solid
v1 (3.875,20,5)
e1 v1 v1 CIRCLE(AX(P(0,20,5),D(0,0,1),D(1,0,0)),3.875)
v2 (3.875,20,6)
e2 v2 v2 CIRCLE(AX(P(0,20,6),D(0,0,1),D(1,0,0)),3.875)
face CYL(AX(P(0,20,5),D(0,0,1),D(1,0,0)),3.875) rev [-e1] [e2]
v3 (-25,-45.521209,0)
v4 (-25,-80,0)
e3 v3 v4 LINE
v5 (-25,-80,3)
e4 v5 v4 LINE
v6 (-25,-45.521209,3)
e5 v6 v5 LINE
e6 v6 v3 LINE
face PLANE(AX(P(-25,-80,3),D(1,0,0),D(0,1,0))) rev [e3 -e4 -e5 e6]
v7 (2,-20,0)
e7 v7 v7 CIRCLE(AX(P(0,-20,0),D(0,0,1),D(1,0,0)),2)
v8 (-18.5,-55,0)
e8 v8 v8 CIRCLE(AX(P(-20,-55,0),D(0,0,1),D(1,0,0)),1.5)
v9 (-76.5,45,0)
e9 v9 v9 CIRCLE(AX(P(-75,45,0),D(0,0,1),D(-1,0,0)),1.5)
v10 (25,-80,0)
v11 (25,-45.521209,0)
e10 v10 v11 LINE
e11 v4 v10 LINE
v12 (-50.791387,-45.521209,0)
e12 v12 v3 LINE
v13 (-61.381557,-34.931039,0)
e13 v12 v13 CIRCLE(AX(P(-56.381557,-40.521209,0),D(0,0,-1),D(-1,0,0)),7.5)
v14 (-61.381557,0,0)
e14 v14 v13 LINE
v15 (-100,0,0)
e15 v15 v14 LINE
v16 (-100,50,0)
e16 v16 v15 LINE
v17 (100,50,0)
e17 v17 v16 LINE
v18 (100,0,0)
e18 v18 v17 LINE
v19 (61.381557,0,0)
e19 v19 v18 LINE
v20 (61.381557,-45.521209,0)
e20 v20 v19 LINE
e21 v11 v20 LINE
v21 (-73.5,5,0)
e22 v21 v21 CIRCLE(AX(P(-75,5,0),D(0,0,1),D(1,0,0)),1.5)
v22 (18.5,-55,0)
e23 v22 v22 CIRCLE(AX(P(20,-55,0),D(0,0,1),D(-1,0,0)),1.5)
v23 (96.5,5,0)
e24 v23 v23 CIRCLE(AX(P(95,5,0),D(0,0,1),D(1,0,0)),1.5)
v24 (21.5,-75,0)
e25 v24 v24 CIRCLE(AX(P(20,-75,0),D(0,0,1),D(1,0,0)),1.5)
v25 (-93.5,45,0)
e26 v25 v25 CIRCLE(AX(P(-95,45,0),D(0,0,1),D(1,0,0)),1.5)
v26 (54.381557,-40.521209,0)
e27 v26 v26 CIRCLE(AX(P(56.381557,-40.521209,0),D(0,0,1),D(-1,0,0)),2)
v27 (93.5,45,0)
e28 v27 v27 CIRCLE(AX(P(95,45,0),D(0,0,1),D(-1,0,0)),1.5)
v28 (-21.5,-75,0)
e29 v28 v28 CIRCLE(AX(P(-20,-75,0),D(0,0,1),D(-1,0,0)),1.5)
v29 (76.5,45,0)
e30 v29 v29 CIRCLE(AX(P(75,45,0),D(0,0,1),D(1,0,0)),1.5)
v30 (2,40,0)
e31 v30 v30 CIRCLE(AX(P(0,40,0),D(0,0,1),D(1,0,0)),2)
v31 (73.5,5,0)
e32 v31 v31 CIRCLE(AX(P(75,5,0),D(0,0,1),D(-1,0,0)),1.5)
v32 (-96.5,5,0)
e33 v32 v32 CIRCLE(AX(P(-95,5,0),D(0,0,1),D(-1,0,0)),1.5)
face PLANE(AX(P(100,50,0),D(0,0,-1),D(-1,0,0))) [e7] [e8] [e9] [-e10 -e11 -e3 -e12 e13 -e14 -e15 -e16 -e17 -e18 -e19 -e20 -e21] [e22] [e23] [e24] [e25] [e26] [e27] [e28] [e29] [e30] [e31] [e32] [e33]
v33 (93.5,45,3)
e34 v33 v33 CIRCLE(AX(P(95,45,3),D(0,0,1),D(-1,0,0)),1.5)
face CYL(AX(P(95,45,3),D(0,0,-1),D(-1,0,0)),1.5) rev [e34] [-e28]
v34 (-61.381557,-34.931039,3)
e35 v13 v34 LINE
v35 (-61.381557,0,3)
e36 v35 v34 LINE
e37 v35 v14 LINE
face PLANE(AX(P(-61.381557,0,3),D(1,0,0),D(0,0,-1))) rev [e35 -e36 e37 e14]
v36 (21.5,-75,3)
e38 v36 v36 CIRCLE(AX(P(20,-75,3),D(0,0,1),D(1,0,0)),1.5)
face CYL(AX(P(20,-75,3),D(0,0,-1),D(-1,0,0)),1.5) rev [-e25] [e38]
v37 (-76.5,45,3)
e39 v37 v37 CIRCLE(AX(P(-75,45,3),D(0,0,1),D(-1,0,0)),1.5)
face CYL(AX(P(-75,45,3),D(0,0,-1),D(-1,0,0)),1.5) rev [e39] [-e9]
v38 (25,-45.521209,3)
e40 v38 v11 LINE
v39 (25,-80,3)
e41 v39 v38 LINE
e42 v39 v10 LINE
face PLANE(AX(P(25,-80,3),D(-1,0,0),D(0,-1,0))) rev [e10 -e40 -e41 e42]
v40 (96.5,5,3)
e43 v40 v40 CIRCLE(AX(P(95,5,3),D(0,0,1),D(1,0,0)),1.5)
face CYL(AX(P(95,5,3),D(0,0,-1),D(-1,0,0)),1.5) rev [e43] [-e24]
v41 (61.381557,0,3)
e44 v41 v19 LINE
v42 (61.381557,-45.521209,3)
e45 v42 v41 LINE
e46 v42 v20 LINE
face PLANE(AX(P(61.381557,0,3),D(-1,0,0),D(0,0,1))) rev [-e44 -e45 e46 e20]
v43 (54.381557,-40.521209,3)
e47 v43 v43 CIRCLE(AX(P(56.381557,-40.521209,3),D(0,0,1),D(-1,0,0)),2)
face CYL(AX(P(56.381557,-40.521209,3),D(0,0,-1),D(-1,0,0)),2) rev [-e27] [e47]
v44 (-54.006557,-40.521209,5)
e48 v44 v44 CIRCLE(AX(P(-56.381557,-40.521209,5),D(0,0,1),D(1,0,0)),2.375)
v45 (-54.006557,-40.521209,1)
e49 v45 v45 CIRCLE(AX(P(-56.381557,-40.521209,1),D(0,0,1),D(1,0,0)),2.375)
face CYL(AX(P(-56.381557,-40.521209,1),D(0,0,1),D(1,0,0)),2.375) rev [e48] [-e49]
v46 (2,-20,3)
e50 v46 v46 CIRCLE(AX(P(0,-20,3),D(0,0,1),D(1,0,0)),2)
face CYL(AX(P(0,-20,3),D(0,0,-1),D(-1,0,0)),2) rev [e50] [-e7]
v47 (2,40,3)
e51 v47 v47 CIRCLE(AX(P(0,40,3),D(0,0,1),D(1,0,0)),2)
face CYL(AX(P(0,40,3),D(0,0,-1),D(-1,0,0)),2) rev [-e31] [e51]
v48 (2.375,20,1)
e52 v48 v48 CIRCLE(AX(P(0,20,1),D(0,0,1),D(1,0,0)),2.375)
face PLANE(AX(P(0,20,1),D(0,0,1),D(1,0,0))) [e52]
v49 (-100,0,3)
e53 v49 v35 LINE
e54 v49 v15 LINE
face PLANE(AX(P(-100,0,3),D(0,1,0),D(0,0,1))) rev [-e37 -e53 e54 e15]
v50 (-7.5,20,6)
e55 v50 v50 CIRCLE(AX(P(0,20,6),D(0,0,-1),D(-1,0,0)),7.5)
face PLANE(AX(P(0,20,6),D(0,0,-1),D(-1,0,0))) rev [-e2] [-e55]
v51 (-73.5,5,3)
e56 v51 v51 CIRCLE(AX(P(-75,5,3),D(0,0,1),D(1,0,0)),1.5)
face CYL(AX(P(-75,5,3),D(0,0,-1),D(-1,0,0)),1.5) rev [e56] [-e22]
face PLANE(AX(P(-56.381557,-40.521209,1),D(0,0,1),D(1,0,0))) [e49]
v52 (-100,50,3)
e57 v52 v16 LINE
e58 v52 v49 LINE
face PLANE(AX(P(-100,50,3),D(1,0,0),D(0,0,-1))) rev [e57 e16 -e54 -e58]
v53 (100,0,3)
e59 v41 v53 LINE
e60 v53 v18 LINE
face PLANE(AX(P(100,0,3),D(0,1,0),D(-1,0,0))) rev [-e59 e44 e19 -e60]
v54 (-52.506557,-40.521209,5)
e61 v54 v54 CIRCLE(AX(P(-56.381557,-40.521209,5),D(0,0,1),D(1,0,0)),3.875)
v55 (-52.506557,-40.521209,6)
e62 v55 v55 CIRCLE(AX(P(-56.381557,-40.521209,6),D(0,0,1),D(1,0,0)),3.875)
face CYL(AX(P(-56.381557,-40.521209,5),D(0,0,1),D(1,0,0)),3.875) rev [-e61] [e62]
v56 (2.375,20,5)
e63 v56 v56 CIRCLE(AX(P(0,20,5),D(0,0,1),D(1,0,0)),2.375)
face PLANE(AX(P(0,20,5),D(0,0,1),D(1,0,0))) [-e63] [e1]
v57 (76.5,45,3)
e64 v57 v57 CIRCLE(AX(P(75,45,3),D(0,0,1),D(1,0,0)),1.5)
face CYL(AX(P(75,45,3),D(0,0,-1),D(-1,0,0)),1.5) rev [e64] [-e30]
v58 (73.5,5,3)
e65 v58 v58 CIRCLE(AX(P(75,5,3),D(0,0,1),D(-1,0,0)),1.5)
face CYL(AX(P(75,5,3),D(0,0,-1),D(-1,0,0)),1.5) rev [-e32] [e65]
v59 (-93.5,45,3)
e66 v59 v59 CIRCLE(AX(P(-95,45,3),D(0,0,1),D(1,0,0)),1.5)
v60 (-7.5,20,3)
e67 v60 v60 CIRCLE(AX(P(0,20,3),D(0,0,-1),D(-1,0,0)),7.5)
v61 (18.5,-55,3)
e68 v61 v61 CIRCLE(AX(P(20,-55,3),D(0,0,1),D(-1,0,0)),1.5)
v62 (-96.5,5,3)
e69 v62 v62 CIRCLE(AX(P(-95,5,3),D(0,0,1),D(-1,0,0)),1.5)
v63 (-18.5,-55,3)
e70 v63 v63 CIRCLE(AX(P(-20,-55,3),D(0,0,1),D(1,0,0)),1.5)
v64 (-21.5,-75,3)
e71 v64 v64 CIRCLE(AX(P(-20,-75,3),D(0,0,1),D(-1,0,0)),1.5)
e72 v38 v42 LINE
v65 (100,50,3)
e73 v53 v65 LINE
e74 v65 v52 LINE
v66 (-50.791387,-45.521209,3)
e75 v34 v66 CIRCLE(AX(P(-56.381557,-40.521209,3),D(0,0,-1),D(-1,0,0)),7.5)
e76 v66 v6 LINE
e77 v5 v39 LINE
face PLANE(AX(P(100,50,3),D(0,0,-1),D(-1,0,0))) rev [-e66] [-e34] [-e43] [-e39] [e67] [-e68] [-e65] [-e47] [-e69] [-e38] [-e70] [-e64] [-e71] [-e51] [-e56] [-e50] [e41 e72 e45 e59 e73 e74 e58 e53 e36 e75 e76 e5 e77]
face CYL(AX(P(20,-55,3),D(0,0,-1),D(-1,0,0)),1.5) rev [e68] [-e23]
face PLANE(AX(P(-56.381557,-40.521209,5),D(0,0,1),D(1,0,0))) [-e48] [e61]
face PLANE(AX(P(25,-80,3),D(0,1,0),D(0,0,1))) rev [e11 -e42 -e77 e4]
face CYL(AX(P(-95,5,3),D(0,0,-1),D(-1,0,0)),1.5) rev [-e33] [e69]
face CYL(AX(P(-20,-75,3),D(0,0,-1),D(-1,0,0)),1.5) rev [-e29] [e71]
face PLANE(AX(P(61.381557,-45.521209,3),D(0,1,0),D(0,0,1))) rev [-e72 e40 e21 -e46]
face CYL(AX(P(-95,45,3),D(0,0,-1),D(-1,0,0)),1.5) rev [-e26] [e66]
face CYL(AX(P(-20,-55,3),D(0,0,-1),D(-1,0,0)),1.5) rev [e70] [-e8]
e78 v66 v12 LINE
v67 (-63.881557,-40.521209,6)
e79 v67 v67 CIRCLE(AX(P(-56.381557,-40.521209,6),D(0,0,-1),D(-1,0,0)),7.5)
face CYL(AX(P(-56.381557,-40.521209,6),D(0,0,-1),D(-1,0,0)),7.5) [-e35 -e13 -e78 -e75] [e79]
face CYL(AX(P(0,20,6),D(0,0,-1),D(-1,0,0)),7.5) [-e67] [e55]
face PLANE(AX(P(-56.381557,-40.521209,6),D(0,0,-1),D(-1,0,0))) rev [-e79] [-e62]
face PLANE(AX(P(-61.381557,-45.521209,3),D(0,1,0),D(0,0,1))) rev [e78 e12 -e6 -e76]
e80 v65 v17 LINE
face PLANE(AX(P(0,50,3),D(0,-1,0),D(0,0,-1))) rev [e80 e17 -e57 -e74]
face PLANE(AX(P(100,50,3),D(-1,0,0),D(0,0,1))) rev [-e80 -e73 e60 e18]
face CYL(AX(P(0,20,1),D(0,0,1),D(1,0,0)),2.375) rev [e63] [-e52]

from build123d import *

# Parameters (mm, degrees)
ESQUISSE1_R             = 2
ESQUISSE1_R_2           = 1.5
BOSS_EXTRU_1_DEPTH      = 3
ESQUISSE3_R             = 7.5
BOSS_EXTRU_2_DEPTH      = 6
ESQUISSE4_R             = 3.875
ENL_V_MAT_EXTRU_1_DEPTH = 1
ESQUISSE5_R             = 2.375
ENL_V_MAT_EXTRU_2_DEPTH = 4


with BuildPart() as part:
    # Esquisse1 → Boss.-Extru.1 (new body)
    with BuildSketch(Plane.XY):
        Polygon((0, 50), (-100, 50), (-100, 0), (-61.381557247, 0), (-61.381557247, -45.5212086), (-25, -45.5212086), (-25, -80), (25, -80), (25, -45.5212086), (61.381557247, -45.5212086), (61.381557247, 0), (100, 0), (100, 50), align=None)
        with Locations((0, 20)):
            Circle(ESQUISSE1_R, mode=Mode.SUBTRACT)
        with Locations((0, -20)):
            Circle(ESQUISSE1_R, mode=Mode.SUBTRACT)
        with Locations((0, 40)):
            Circle(ESQUISSE1_R, mode=Mode.SUBTRACT)
        with Locations((-20, -55)):
            Circle(ESQUISSE1_R_2, mode=Mode.SUBTRACT)
        with Locations((20, -55)):
            Circle(ESQUISSE1_R_2, mode=Mode.SUBTRACT)
        with Locations((20, -75)):
            Circle(ESQUISSE1_R_2, mode=Mode.SUBTRACT)
        with Locations((-20, -75)):
            Circle(ESQUISSE1_R_2, mode=Mode.SUBTRACT)
        with Locations((-95, 45)):
            Circle(ESQUISSE1_R_2, mode=Mode.SUBTRACT)
        with Locations((-75, 45)):
            Circle(ESQUISSE1_R_2, mode=Mode.SUBTRACT)
        with Locations((-75, 5)):
            Circle(ESQUISSE1_R_2, mode=Mode.SUBTRACT)
        with Locations((-95, 5)):
            Circle(ESQUISSE1_R_2, mode=Mode.SUBTRACT)
        with Locations((75, 5)):
            Circle(ESQUISSE1_R_2, mode=Mode.SUBTRACT)
        with Locations((95, 5)):
            Circle(ESQUISSE1_R_2, mode=Mode.SUBTRACT)
        with Locations((75, 45)):
            Circle(ESQUISSE1_R_2, mode=Mode.SUBTRACT)
        with Locations((95, 45)):
            Circle(ESQUISSE1_R_2, mode=Mode.SUBTRACT)
        with Locations((56.381557247, -40.5212086)):
            Circle(ESQUISSE1_R, mode=Mode.SUBTRACT)
        with Locations((-56.381557247, -40.5212086)):
            Circle(ESQUISSE1_R, mode=Mode.SUBTRACT)
    extrude(amount=BOSS_EXTRU_1_DEPTH)

    # Esquisse3 → Boss.-Extru.2 (add)
    with BuildSketch(Plane(origin=(0, 0, 0), x_dir=(-1, 0, 0), z_dir=(0, 0, -1))):
        with Locations((0, 20)):
            Circle(ESQUISSE3_R)
        with Locations((56.381557247, -40.5212086)):
            Circle(ESQUISSE3_R)
    extrude(amount=-BOSS_EXTRU_2_DEPTH)

    # Esquisse4 → Enlèv. mat.-Extru.1 (cut)
    with BuildSketch(Plane.XY.offset(6)):
        with Locations((-56.381557247, -40.5212086)):
            Circle(ESQUISSE4_R)
        with Locations((0, 20)):
            Circle(ESQUISSE4_R)
    extrude(amount=-ENL_V_MAT_EXTRU_1_DEPTH, mode=Mode.SUBTRACT)

    # Esquisse5 → Enlèv. mat.-Extru.2 (cut)
    with BuildSketch(Plane.XY.offset(5)):
        with Locations((-56.381557247, -40.5212086)):
            Circle(ESQUISSE5_R)
        with Locations((0, 20)):
            Circle(ESQUISSE5_R)
    extrude(amount=-ENL_V_MAT_EXTRU_2_DEPTH, mode=Mode.SUBTRACT)


solid = part.part
